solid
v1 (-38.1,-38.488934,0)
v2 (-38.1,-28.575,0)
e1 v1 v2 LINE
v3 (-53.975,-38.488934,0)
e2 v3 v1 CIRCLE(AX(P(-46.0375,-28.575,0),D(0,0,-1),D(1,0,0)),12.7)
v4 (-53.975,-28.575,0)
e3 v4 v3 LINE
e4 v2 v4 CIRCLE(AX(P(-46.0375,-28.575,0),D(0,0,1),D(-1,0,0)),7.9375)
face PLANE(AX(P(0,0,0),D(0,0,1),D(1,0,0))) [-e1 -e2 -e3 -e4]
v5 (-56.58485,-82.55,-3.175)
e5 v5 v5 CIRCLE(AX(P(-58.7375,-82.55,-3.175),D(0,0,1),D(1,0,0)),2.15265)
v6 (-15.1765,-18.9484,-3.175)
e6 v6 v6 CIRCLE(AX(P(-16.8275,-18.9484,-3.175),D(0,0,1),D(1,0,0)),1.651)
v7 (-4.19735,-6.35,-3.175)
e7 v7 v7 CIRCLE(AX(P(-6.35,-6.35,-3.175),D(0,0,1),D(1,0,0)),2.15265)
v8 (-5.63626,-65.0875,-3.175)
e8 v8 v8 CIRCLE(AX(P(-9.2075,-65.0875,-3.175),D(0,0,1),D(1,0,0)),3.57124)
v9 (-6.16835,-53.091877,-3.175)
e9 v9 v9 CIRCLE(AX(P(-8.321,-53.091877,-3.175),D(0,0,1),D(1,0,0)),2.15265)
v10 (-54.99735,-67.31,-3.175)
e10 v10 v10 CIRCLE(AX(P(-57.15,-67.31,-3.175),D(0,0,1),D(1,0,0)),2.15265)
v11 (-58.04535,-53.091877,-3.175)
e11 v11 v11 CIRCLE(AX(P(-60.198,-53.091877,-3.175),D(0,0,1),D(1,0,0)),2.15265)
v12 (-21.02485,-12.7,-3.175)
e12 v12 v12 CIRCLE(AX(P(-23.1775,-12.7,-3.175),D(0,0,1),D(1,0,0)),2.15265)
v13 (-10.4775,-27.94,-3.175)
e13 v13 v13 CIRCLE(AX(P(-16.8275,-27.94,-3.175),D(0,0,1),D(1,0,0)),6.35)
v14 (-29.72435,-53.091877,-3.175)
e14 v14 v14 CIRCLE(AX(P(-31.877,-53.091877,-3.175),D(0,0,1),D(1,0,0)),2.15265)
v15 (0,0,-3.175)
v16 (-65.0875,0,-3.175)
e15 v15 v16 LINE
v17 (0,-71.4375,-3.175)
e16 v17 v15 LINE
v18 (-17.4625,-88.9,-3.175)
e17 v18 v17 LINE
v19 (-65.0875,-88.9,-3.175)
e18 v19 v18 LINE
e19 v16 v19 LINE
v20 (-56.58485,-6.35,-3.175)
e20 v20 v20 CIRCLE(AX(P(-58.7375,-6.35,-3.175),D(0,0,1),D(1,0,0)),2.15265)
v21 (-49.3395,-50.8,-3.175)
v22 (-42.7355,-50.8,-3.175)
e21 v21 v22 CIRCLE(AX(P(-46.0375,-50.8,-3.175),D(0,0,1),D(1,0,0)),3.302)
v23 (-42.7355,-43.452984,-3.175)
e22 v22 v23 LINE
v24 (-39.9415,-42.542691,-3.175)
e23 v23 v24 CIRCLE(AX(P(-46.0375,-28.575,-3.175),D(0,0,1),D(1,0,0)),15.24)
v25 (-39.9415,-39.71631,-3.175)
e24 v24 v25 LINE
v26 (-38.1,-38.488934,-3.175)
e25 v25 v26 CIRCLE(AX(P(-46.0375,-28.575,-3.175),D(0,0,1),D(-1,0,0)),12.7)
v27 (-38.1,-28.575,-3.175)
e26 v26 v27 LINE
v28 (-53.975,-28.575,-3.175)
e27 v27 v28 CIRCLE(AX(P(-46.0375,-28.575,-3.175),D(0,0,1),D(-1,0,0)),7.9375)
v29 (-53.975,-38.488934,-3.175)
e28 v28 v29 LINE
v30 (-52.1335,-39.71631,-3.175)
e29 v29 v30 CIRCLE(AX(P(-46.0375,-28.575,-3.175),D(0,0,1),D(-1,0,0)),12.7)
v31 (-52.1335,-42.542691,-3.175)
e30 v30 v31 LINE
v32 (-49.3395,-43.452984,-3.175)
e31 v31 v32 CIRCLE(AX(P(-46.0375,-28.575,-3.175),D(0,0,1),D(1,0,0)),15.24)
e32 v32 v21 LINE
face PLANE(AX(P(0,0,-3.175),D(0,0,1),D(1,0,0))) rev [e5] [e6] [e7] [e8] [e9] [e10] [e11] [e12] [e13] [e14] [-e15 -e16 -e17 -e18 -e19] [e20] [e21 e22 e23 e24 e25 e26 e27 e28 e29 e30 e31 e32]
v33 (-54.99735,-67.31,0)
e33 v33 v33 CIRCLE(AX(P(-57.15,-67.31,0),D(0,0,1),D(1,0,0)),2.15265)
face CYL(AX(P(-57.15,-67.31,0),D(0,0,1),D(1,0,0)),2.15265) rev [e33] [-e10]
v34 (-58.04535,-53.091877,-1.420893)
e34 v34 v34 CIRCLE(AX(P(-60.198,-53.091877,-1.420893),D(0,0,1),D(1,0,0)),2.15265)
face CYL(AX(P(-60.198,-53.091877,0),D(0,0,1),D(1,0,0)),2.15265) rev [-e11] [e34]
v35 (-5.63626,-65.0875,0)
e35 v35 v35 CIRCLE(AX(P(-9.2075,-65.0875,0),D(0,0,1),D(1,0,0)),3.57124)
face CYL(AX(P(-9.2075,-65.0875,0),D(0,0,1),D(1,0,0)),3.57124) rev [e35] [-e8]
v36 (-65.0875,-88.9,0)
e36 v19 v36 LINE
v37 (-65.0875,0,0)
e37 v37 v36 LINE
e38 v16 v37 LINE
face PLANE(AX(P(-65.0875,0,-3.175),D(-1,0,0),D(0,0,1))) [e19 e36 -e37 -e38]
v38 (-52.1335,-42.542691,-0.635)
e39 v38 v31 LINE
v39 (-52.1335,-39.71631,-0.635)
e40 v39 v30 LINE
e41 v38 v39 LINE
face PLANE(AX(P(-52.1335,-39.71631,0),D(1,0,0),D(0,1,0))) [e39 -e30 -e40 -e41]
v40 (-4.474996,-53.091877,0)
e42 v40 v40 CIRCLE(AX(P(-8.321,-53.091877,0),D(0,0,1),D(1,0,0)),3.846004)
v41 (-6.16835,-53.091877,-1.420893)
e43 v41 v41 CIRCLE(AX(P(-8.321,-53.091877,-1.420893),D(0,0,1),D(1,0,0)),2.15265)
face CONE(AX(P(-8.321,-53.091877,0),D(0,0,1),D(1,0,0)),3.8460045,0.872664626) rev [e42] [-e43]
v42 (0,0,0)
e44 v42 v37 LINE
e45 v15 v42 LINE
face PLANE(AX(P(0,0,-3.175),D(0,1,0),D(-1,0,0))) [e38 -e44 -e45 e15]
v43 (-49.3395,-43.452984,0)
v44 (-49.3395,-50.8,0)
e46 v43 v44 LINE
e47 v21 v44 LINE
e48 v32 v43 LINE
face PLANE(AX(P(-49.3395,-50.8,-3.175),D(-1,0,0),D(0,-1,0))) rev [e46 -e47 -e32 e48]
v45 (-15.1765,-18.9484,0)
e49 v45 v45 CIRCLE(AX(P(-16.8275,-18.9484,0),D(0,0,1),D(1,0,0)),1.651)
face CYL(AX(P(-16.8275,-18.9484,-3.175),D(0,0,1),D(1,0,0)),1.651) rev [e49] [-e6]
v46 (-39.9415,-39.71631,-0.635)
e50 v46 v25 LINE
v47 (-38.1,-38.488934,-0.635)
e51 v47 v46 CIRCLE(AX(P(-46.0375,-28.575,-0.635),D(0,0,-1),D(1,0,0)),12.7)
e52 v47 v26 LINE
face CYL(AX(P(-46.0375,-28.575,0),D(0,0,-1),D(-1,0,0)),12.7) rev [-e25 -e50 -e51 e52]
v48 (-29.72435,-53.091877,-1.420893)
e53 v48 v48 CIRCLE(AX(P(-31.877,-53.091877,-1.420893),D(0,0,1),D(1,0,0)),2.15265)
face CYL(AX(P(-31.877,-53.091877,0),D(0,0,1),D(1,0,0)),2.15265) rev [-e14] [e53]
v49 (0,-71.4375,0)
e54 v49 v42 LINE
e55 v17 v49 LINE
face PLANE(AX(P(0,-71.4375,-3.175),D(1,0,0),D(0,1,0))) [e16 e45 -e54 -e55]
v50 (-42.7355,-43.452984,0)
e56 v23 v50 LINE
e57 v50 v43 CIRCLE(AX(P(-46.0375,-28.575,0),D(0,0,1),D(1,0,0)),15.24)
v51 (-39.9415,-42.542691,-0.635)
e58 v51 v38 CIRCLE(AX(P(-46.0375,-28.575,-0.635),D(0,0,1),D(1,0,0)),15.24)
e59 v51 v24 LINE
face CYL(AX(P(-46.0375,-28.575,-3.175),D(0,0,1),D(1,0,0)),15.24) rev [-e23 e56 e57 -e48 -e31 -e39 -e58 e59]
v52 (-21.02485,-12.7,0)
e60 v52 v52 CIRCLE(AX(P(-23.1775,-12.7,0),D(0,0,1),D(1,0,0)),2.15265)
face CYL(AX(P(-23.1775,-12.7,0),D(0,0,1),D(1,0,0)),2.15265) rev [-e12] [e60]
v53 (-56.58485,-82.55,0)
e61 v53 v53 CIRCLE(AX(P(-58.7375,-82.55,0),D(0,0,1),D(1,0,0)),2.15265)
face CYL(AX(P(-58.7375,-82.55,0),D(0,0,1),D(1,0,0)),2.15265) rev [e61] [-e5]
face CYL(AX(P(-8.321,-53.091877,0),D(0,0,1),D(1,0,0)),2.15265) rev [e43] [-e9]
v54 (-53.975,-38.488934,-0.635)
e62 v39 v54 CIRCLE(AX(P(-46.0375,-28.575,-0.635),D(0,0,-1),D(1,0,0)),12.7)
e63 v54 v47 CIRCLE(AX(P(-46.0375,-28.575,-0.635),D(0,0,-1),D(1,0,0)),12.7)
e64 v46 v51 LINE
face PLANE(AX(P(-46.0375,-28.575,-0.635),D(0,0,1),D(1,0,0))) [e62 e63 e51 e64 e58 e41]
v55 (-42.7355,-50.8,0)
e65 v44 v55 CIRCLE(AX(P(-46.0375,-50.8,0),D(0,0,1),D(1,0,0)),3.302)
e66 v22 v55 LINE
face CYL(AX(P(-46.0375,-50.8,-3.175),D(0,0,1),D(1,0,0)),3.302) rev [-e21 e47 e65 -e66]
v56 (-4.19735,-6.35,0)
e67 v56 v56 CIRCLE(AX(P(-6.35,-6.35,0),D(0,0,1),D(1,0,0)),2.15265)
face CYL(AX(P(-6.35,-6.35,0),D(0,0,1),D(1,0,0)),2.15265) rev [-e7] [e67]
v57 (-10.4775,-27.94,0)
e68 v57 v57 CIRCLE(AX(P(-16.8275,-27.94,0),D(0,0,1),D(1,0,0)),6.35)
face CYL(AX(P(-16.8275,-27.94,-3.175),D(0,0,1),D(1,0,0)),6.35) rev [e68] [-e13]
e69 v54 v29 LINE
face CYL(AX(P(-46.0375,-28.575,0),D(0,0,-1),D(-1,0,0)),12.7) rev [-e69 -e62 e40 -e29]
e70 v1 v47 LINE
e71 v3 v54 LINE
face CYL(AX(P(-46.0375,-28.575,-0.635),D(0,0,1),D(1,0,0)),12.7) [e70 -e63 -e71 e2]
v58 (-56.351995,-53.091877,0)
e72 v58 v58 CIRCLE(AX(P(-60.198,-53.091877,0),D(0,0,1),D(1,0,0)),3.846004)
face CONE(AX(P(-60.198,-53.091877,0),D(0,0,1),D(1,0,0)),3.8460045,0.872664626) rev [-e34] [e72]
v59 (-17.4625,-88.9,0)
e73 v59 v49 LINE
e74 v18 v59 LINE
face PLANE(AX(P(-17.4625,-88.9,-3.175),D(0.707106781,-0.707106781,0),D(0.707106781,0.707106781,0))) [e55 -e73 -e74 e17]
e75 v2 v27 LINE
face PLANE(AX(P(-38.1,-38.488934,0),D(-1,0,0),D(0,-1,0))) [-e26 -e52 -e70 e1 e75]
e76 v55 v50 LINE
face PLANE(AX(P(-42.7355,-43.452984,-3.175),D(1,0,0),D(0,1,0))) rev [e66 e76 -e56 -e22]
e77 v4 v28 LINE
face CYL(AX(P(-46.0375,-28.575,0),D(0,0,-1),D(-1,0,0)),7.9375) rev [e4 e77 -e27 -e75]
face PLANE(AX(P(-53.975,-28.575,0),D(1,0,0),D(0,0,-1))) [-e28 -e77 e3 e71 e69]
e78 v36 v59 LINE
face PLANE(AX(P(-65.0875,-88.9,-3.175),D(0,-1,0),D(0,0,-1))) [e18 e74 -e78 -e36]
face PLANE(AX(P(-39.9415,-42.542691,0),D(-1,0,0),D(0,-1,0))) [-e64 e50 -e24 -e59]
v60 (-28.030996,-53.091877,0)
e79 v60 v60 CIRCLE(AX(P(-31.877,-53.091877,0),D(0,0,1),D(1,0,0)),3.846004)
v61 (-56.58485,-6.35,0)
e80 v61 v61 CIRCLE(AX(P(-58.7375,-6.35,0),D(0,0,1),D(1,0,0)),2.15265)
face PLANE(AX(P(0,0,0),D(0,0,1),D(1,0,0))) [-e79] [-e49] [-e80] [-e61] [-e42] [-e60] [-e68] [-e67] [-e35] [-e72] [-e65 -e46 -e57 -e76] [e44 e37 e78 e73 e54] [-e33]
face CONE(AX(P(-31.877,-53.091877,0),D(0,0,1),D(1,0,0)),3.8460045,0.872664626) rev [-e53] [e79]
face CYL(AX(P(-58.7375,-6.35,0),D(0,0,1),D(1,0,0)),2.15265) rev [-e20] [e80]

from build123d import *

# Parameters (mm, degrees)
BOSS_EXTRUDE1_DEPTH                       = 3.175
F_6_CLEARANCE_HOLE1_D                     = 4.3053
CUT_EXTRUDE1_DEPTH                        = 4.175
SKETCH5_R                                 = 6.35
SKETCH5_R_2                               = 1.651
CUT_EXTRUDE2_DEPTH                        = 4.175
F_1_4_CLEARANCE_HOLE1_D                   = 7.14248
BOSS_EXTRUDE2_DEPTH                       = 3.175
CUT_EXTRUDE3_DEPTH                        = 0.635
CSK_FOR_6_FLAT_HEAD_MACHINE_SCREW_2_COUNT = 2
CSK_FOR_6_FLAT_HEAD_MACHINE_SCREW_2_PITCH = 28.321
CSK_FOR_6_FLAT_HEAD_MACHINE_SCREW_3_COUNT = 2
CSK_FOR_6_FLAT_HEAD_MACHINE_SCREW_3_PITCH = 23.555999878


with BuildPart() as part:
    # Sketch1 → Boss-Extrude1 (new body)
    with BuildSketch(Plane.XY):
        Polygon((-65.0875, 0), (-65.0875, -88.9), (-17.4625, -88.9), (0, -71.4375), (0, 0), align=None)
    extrude(amount=-BOSS_EXTRUDE1_DEPTH)

    # #6 Clearance Hole1 (through all)
    with Locations(Plane.XY):
        with Locations((-58.7375, -6.35), (-6.35, -6.35), (-23.1775, -12.7), (-57.15, -67.31), (-58.7375, -82.55)):
            Hole(F_6_CLEARANCE_HOLE1_D / 2)

    # Sketch4 → Cut-Extrude1 (cut, through all)
    with BuildSketch(Plane.XY):
        with BuildLine():
            Line((-49.3395, -50.8), (-49.3395, -43.4529836))
            ThreePointArc((-49.3395, -43.4529836), (-46.0375, -13.335), (-42.7355, -43.4529836))
            Line((-42.7355, -43.4529836), (-42.7355, -50.8))
            ThreePointArc((-42.7355, -50.8), (-46.0375, -54.102), (-49.3395, -50.8))
        make_face()
    extrude(amount=-CUT_EXTRUDE1_DEPTH, mode=Mode.SUBTRACT)

    # Sketch5 → Cut-Extrude2 (cut, through all)
    with BuildSketch(Plane.XY):
        with Locations((-16.8275, -27.94)):
            Circle(SKETCH5_R)
        with Locations((-16.8275, -18.9484)):
            Circle(SKETCH5_R_2)
    extrude(amount=-CUT_EXTRUDE2_DEPTH, mode=Mode.SUBTRACT)

    # 1/4 Clearance Hole1 (through all)
    with Locations(Plane.XY):
        with Locations((-9.2075, -65.0875)):
            Hole(F_1_4_CLEARANCE_HOLE1_D / 2)

    # Sketch8 → Boss-Extrude2 (add, through all)
    with BuildSketch(Plane(origin=(0, 0, -3.175), x_dir=(-1, 0, 0), z_dir=(0, 0, -1))):
        with BuildLine():
            Line((52.1335, -39.716309797), (52.1335, -42.542690718))
            ThreePointArc((52.1335, -42.542690718), (46.0375, -13.335), (39.9415, -42.542690718))
            Line((39.9415, -42.542690718), (39.9415, -39.716309797))
            ThreePointArc((39.9415, -39.716309797), (38.993964439, -39.142809934), (38.1, -38.488934323))
            Line((38.1, -38.488934323), (38.1, -28.575))
            ThreePointArc((38.1, -28.575), (46.0375, -20.6375), (53.975, -28.575))
            Line((53.975, -28.575), (53.975, -38.488934323))
            ThreePointArc((53.975, -38.488934323), (53.081035561, -39.142809934), (52.1335, -39.716309797))
        make_face()
    extrude(amount=-BOSS_EXTRUDE2_DEPTH)

    # Sketch9 → Cut-Extrude3 (cut)
    with BuildSketch(Plane.XY):
        with BuildLine():
            Line((-52.1335, -39.716309797), (-52.1335, -42.542690718))
            ThreePointArc((-52.1335, -42.542690718), (-46.0375, -13.335), (-39.9415, -42.542690718))
            Line((-39.9415, -42.542690718), (-39.9415, -39.716309797))
            ThreePointArc((-39.9415, -39.716309797), (-38.993964439, -39.142809934), (-38.1, -38.488934323))
            ThreePointArc((-38.1, -38.488934323), (-46.0375, -15.875), (-53.975, -38.488934323))
            ThreePointArc((-53.975, -38.488934323), (-53.081035561, -39.142809934), (-52.1335, -39.716309797))
        make_face()
    extrude(amount=-CUT_EXTRUDE3_DEPTH, mode=Mode.SUBTRACT)

    # Sketch10 → CSK for #6 Flat Head Machine Screw (100)1 (revolve, cut)
    with BuildSketch(Plane(origin=(-31.877, -53.091877173, 0), x_dir=(0, -1, 0), z_dir=(1, 0, 0))):
        Polygon((0, 0), (0, 3.175), (2.15265, 3.175), (2.15265, 1.420893136), (3.8460045, 0), align=None)
    csk_for_6_flat_head_machine_screw_100 = revolve(axis=Axis((-31.877, -53.091877173, 6.35), (0, 0, -1)), mode=Mode.SUBTRACT)

    # CSK for _6 Flat Head Machine Screw _ 2: CSK for #6 Flat Head Machine Screw (100)1 ×2
    with Locations(*[(-i * CSK_FOR_6_FLAT_HEAD_MACHINE_SCREW_2_PITCH, 0, 0) for i in range(1, CSK_FOR_6_FLAT_HEAD_MACHINE_SCREW_2_COUNT)]):
        add(csk_for_6_flat_head_machine_screw_100, mode=Mode.SUBTRACT)

    # CSK for _6 Flat Head Machine Screw _ 3: CSK for #6 Flat Head Machine Screw (100)1 ×2
    with Locations(*[(i * CSK_FOR_6_FLAT_HEAD_MACHINE_SCREW_3_PITCH, 0, 0) for i in range(1, CSK_FOR_6_FLAT_HEAD_MACHINE_SCREW_3_COUNT)]):
        add(csk_for_6_flat_head_machine_screw_100, mode=Mode.SUBTRACT)


solid = part.part
